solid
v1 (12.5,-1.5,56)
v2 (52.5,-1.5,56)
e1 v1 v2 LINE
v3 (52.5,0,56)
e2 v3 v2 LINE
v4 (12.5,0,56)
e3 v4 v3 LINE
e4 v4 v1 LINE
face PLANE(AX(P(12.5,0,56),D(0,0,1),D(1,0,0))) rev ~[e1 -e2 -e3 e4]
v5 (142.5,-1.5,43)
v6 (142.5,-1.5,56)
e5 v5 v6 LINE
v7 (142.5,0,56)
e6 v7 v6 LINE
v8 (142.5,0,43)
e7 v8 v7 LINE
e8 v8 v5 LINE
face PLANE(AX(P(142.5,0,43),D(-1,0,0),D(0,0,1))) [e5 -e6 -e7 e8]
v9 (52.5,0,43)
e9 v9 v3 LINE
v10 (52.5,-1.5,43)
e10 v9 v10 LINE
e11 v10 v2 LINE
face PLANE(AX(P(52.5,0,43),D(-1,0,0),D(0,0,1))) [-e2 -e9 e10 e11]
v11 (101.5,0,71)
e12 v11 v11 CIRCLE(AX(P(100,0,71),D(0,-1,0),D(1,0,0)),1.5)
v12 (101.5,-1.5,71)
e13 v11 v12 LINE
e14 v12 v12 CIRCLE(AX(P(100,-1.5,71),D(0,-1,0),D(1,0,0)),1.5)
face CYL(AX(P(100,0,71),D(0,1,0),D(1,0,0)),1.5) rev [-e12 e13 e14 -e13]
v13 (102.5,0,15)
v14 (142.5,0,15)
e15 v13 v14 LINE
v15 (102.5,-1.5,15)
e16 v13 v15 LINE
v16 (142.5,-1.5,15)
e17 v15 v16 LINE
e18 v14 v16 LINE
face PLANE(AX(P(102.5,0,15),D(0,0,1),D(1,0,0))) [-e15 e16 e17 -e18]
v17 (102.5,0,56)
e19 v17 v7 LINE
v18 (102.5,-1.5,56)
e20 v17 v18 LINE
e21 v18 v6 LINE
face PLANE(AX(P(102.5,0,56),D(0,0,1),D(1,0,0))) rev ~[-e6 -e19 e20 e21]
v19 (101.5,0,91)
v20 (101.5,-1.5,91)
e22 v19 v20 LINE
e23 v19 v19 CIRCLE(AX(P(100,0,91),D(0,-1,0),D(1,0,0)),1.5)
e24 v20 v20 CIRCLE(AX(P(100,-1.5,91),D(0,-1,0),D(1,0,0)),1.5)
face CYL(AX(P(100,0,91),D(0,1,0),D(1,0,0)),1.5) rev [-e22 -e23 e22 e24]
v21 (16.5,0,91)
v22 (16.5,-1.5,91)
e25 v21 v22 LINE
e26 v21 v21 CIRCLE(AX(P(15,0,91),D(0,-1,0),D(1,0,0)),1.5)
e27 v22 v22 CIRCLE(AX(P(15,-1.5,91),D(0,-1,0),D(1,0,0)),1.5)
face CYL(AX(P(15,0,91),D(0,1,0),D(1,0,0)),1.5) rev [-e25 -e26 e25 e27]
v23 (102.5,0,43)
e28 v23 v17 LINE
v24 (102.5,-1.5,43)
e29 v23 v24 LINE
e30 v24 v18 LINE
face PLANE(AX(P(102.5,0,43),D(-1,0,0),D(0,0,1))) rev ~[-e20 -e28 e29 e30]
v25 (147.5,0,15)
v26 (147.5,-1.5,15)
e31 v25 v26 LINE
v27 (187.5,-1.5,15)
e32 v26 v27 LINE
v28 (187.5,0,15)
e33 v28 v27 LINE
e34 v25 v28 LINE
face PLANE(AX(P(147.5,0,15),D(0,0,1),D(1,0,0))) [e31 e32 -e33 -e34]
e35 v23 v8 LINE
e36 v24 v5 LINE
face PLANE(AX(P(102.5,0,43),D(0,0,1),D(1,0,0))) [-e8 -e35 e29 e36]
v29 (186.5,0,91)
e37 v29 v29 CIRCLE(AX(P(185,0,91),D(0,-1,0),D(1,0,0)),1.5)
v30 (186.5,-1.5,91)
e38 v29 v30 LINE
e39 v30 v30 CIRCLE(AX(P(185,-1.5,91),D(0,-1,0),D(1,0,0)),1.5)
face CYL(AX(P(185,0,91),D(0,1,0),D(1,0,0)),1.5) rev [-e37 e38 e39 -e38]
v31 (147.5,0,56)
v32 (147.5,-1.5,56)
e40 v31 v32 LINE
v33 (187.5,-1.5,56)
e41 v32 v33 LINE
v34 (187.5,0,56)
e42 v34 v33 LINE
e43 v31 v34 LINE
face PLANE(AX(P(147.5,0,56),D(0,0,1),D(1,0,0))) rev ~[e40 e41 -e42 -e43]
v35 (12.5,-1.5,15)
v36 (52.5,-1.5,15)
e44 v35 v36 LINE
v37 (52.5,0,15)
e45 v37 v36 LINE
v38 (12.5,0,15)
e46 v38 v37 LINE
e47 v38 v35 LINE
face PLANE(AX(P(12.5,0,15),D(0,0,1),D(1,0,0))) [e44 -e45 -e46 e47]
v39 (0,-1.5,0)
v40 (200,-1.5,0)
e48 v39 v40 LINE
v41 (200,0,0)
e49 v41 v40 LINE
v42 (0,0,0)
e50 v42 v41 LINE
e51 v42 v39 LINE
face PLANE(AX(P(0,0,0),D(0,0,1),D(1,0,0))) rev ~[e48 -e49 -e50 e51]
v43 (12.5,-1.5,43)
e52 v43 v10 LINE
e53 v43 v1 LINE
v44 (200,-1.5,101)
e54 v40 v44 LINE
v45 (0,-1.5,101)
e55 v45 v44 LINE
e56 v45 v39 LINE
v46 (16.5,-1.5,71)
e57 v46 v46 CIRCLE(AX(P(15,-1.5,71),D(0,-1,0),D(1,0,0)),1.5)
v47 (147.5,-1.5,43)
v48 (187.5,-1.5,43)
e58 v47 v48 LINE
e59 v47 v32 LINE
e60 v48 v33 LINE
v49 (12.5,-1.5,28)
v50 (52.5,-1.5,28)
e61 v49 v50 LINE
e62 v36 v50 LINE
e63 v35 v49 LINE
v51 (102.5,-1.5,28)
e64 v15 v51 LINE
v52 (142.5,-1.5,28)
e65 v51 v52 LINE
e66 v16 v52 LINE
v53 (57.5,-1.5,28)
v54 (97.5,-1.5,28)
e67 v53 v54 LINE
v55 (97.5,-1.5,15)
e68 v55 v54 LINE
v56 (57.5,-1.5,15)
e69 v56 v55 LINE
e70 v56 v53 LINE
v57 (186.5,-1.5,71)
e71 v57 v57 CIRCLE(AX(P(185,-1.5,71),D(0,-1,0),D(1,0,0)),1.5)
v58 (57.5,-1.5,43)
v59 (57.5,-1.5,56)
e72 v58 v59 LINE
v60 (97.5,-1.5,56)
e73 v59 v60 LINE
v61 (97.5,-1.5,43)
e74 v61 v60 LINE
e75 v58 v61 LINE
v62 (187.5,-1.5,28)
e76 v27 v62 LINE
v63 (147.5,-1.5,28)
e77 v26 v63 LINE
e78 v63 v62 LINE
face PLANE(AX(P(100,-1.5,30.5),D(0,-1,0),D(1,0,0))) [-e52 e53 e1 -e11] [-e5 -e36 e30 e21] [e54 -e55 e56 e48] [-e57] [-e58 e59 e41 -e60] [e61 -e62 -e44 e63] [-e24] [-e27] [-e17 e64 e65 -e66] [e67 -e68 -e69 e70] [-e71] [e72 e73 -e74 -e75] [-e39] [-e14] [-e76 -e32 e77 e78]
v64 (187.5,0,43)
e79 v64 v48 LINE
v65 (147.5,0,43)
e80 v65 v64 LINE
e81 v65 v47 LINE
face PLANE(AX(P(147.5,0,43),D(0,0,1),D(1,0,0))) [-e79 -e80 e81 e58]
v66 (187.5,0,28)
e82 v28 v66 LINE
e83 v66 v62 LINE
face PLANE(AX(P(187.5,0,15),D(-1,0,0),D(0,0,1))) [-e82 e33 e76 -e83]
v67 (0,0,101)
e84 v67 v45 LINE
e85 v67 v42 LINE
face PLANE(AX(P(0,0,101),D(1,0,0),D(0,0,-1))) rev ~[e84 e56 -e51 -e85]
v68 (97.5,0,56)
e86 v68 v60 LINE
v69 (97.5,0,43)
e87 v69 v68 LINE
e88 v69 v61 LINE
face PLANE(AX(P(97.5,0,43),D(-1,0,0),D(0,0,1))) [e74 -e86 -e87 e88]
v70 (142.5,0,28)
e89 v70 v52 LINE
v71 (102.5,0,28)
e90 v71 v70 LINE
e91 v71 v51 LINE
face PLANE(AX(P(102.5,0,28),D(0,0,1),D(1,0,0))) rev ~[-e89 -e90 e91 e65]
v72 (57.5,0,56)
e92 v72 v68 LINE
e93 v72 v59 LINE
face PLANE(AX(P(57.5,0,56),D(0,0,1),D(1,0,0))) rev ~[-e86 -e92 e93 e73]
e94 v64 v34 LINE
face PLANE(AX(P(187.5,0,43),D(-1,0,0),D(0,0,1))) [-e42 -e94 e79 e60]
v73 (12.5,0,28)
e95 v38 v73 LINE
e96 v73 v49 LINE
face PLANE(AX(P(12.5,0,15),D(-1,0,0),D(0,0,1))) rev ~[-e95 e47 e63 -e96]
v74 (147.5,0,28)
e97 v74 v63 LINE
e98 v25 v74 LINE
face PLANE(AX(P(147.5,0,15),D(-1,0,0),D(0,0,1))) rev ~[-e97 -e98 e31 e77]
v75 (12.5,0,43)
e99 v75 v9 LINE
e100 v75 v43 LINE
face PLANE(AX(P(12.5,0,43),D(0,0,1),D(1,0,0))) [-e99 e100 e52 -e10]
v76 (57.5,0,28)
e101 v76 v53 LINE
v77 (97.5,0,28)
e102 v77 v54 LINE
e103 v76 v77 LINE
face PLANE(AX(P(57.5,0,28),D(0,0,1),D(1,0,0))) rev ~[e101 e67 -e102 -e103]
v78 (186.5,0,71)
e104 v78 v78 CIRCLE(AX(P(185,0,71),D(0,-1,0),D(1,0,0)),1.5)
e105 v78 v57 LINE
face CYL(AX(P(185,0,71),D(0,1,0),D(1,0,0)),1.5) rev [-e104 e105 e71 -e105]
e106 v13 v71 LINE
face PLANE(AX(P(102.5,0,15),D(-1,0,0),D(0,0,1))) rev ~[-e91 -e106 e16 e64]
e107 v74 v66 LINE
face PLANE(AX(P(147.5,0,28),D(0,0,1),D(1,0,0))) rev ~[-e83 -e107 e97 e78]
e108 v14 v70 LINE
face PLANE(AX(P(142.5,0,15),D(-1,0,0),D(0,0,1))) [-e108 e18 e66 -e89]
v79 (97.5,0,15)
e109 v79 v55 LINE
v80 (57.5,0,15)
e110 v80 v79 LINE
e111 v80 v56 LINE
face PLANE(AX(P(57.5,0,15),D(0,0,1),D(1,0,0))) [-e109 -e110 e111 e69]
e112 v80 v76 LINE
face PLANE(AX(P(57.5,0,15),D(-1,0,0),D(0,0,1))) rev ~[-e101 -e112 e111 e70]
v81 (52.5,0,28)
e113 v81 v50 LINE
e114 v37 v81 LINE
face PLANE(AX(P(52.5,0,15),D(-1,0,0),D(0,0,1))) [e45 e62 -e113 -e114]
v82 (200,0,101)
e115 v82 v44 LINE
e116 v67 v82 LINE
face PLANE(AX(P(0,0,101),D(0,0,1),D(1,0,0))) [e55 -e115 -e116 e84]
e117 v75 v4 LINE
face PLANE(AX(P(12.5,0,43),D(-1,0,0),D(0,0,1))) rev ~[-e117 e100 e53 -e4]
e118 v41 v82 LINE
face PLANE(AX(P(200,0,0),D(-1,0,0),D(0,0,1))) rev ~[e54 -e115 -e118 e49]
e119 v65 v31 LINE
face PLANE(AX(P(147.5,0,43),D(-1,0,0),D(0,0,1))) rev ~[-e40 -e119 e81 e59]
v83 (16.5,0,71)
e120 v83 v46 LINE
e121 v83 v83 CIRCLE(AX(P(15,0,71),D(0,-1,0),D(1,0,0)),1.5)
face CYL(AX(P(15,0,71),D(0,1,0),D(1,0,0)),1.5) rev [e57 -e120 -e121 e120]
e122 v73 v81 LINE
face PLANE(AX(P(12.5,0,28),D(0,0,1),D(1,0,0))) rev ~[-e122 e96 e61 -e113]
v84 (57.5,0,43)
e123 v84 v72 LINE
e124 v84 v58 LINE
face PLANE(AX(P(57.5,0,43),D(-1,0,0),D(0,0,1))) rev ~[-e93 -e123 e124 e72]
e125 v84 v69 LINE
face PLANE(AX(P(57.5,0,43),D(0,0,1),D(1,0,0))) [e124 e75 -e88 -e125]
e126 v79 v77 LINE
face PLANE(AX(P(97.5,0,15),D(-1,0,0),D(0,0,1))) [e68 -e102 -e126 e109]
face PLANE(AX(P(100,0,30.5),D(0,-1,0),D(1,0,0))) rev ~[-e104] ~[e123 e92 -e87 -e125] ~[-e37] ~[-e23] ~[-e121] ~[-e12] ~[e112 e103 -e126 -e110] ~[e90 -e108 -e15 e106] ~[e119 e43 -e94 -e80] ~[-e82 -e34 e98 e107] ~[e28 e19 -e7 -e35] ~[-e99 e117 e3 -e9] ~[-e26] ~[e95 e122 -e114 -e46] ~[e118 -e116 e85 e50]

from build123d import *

# Parameters (mm, degrees)
F0_W     = 200
F0_H     = 61
F0_W_2   = 40
F0_H_2   = 13
F0_H_3   = 40
F0_R     = 1.5
F1_DEPTH = 1.5


with BuildPart() as f1:
    # F0 (on Front) → F1 (new body)
    with BuildSketch(Plane.XZ):
        with Locations((100, 30.5)):
            Rectangle(F0_W, F0_H)
        with Locations((32.5, 21.5)):
            Rectangle(F0_W_2, F0_H_2, mode=Mode.SUBTRACT)
        with Locations((77.5, 21.5)):
            Rectangle(F0_W_2, F0_H_2, mode=Mode.SUBTRACT)
        with Locations((32.5, 49.5)):
            Rectangle(F0_W_2, F0_H_2, mode=Mode.SUBTRACT)
        with Locations((77.5, 49.5)):
            Rectangle(F0_W_2, F0_H_2, mode=Mode.SUBTRACT)
        with Locations((122.5, 21.5)):
            Rectangle(F0_W_2, F0_H_2, mode=Mode.SUBTRACT)
        with Locations((167.5, 21.5)):
            Rectangle(F0_W_2, F0_H_2, mode=Mode.SUBTRACT)
        with Locations((122.5, 49.5)):
            Rectangle(F0_W_2, F0_H_2, mode=Mode.SUBTRACT)
        with Locations((167.5, 49.5)):
            Rectangle(F0_W_2, F0_H_2, mode=Mode.SUBTRACT)
        with Locations((100, 81)):
            Rectangle(F0_W, F0_H_3)
        with Locations((15, 71)):
            Circle(F0_R, mode=Mode.SUBTRACT)
        with Locations((15, 91)):
            Circle(F0_R, mode=Mode.SUBTRACT)
        with Locations((100, 71)):
            Circle(F0_R, mode=Mode.SUBTRACT)
        with Locations((185, 71)):
            Circle(F0_R, mode=Mode.SUBTRACT)
        with Locations((100, 91)):
            Circle(F0_R, mode=Mode.SUBTRACT)
        with Locations((185, 91)):
            Circle(F0_R, mode=Mode.SUBTRACT)
    extrude(amount=F1_DEPTH)


solid = f1.part
